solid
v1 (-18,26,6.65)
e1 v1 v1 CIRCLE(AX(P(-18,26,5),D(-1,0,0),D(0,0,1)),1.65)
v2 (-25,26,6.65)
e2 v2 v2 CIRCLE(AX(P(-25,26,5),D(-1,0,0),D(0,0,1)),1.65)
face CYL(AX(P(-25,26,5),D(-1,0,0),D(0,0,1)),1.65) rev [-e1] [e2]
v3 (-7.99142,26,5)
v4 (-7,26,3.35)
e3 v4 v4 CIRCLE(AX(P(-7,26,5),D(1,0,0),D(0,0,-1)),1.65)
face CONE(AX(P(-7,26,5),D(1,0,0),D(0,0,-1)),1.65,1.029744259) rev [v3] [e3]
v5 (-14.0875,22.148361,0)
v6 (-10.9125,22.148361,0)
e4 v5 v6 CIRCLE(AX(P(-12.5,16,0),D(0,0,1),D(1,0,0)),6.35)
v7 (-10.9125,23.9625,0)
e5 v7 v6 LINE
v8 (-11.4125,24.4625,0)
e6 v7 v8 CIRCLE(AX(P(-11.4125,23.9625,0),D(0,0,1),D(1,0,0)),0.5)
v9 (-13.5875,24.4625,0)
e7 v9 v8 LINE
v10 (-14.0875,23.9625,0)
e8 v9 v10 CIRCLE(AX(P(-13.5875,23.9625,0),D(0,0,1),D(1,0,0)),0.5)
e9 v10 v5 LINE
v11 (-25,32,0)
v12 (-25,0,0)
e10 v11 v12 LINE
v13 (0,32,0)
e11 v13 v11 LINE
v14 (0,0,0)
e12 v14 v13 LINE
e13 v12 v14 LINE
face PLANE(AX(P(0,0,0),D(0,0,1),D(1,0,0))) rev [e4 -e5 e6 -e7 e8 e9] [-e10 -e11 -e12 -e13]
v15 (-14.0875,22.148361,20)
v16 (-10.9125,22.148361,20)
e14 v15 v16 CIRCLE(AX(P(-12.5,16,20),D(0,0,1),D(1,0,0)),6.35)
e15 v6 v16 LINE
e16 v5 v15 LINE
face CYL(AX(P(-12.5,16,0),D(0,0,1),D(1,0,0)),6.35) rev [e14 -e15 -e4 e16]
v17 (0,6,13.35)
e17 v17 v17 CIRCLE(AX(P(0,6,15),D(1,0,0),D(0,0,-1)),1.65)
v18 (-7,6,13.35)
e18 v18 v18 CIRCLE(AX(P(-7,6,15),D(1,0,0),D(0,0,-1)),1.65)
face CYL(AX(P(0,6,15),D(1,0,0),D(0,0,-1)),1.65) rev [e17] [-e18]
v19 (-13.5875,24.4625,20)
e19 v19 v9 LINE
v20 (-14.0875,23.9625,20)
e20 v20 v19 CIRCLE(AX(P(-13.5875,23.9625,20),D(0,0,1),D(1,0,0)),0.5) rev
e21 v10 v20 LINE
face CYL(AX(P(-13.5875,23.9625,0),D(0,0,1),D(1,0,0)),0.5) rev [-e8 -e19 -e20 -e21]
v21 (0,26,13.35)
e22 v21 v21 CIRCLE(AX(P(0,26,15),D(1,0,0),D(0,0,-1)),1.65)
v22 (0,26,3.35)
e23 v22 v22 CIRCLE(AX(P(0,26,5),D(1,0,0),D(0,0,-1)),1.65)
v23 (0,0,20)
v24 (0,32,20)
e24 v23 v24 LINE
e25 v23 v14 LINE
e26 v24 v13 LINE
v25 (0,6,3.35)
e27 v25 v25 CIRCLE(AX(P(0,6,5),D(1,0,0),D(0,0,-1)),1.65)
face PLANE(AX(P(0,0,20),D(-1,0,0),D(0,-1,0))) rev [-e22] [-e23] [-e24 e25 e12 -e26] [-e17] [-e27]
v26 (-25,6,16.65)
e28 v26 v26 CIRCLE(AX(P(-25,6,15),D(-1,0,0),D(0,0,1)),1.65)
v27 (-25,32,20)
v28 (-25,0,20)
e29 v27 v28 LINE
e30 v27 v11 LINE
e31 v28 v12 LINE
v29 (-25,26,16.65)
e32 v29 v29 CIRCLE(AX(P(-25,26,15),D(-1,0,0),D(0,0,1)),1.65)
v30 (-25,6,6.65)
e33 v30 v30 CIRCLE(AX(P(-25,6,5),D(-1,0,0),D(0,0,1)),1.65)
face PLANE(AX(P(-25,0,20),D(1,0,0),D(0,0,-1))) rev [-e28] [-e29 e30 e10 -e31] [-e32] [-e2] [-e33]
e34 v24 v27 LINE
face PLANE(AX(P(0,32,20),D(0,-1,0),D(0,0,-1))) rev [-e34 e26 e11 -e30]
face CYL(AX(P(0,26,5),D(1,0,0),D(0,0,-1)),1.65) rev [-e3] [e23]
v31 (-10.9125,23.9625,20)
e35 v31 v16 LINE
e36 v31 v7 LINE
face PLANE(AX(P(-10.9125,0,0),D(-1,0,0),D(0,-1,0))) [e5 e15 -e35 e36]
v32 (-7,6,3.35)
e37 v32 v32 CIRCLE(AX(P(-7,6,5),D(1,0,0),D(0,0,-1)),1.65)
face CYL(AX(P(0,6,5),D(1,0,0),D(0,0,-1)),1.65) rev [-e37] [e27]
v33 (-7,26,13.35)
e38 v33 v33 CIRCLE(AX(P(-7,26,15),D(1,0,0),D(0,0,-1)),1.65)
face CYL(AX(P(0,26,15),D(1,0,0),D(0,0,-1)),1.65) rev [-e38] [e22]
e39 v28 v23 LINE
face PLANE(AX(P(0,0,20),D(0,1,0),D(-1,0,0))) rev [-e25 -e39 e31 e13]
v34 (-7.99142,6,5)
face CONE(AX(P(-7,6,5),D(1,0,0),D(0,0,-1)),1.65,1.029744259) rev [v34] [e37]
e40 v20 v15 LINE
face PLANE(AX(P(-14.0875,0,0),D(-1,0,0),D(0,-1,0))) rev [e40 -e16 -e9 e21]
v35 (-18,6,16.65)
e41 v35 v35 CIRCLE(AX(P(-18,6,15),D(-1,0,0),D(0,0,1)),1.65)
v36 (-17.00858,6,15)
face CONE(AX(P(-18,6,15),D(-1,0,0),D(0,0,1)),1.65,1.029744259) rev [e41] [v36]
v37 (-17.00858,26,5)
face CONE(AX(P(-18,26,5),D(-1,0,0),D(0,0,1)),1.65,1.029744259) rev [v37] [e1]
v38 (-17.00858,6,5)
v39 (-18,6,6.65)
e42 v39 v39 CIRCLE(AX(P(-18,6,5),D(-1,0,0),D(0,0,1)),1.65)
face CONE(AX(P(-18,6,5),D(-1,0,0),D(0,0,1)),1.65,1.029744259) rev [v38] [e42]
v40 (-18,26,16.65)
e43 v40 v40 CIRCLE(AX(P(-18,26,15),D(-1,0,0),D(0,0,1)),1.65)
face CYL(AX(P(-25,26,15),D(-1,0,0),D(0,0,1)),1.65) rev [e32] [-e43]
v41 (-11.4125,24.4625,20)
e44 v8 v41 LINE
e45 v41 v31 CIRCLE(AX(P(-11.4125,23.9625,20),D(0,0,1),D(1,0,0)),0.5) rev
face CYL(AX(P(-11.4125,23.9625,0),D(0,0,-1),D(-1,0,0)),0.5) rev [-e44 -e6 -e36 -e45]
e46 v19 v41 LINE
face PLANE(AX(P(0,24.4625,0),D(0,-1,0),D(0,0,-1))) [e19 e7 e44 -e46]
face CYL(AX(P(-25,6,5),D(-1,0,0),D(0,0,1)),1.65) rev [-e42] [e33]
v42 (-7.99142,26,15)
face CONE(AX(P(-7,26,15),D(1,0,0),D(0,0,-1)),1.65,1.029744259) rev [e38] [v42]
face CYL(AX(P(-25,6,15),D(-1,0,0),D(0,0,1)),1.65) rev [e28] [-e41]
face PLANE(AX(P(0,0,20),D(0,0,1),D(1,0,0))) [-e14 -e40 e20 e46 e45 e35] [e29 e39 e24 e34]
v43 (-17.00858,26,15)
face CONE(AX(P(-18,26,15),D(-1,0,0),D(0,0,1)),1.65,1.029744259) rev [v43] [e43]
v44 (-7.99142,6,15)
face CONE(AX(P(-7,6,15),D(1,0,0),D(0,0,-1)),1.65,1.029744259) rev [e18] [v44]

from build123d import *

# Parameters (mm, degrees)
SKETCH1_W                      = 25
SKETCH1_H                      = 32
BOSS_EXTRUDE1_DEPTH            = 20
CUT_EXTRUDE1_DEPTH             = 46.265881191
M4X0_7_TAPPED_HOLE1_AT_2_COUNT = 2
M4X0_7_TAPPED_HOLE1_AT_2_PITCH = 22.360679775
M4X0_7_TAPPED_HOLE1_AT_3_COUNT = 2
M4X0_7_TAPPED_HOLE1_AT_3_PITCH = 20
M4X0_7_TAPPED_HOLE1_AT_4_COUNT = 2
M4X0_7_TAPPED_HOLE1_AT_4_PITCH = 10
FILLET1_R                      = 0.5


with BuildPart() as part:
    # Sketch1 → Boss-Extrude1 (new body)
    with BuildSketch(Plane.XY):
        with Locations((-12.5, 16)):
            Rectangle(SKETCH1_W, SKETCH1_H)
    extrude(amount=BOSS_EXTRUDE1_DEPTH)

    # Sketch2 → Cut-Extrude1 (cut, through all)
    with BuildSketch(Plane.XY.offset(20)):
        with BuildLine():
            Line((-10.9125, 24.4625), (-14.0875, 24.4625))
            Line((-14.0875, 24.4625), (-14.0875, 22.148361062))
            ThreePointArc((-14.0875, 22.148361062), (-12.5, 9.65), (-10.9125, 22.148361062))
            Line((-10.9125, 22.148361062), (-10.9125, 24.4625))
        make_face()
    extrude(amount=-CUT_EXTRUDE1_DEPTH, mode=Mode.SUBTRACT)

    # Sketch4 → M4x0.7 Tapped Hole1 (revolve, cut)
    with BuildSketch(Plane(origin=(-25, 26, 5), x_dir=(0, 0, 1), z_dir=(0, 1, 0))):
        Polygon((0, 0), (0, 7.991420021), (1.65, 7), (1.65, 0), align=None)
    m4x0_7_tapped_hole1 = revolve(axis=Axis((-31.35, 26, 5), (1, 0, 0)), mode=Mode.SUBTRACT)

    # M4x0.7 Tapped Hole1 at 2: M4x0.7 Tapped Hole1 ×2
    with Locations(*[Vector(0, -0.894427190999916, 0.44721359549995787) * (i * M4X0_7_TAPPED_HOLE1_AT_2_PITCH) for i in range(1, M4X0_7_TAPPED_HOLE1_AT_2_COUNT)]):
        add(m4x0_7_tapped_hole1, mode=Mode.SUBTRACT)

    # M4x0.7 Tapped Hole1 at 3: M4x0.7 Tapped Hole1 ×2
    with Locations(*[(0, -i * M4X0_7_TAPPED_HOLE1_AT_3_PITCH, 0) for i in range(1, M4X0_7_TAPPED_HOLE1_AT_3_COUNT)]):
        add(m4x0_7_tapped_hole1, mode=Mode.SUBTRACT)

    # M4x0.7 Tapped Hole1 at 4: M4x0.7 Tapped Hole1 ×2
    with Locations(*[(0, 0, i * M4X0_7_TAPPED_HOLE1_AT_4_PITCH) for i in range(1, M4X0_7_TAPPED_HOLE1_AT_4_COUNT)]):
        add(m4x0_7_tapped_hole1, mode=Mode.SUBTRACT)

    # Mirror1: M4x0.7 Tapped Hole1 across plane
    add(m4x0_7_tapped_hole1.mirror(Plane.ZY.offset(12.5)), mode=Mode.SUBTRACT)

    # Mirror1 copy 1 sketch → Mirror1 copy 1 (revolve, cut)
    with BuildSketch(Plane(origin=(0, 6, 15), x_dir=(0, 0, 1), z_dir=(0, 1, 0))):
        Polygon((0, 0), (0, -7.991420021), (1.65, -7), (1.65, 0), align=None)
    revolve(axis=Axis((6.35, 6, 15), (1, 0, 0)), mode=Mode.SUBTRACT)

    # Mirror1 copy 2 sketch → Mirror1 copy 2 (revolve, cut)
    with BuildSketch(Plane(origin=(0, 6, 5), x_dir=(0, 0, 1), z_dir=(0, 1, 0))):
        Polygon((0, 0), (0, -7.991420021), (1.65, -7), (1.65, 0), align=None)
    revolve(axis=Axis((6.35, 6, 5), (1, 0, 0)), mode=Mode.SUBTRACT)

    # Mirror1 copy 3 sketch → Mirror1 copy 3 (revolve, cut)
    with BuildSketch(Plane(origin=(0, 26, 15), x_dir=(0, 0, 1), z_dir=(0, 1, 0))):
        Polygon((0, 0), (0, -7.991420021), (1.65, -7), (1.65, 0), align=None)
    revolve(axis=Axis((6.35, 26, 15), (1, 0, 0)), mode=Mode.SUBTRACT)

    # Fillet1
    fillet1_edges = [part.edges().sort_by_distance(p)[0] for p in [
        (-10.9125, 24.4625, 10),
        (-14.0875, 24.4625, 10),
    ]]
    fillet(fillet1_edges, radius=FILLET1_R)


solid = part.part
